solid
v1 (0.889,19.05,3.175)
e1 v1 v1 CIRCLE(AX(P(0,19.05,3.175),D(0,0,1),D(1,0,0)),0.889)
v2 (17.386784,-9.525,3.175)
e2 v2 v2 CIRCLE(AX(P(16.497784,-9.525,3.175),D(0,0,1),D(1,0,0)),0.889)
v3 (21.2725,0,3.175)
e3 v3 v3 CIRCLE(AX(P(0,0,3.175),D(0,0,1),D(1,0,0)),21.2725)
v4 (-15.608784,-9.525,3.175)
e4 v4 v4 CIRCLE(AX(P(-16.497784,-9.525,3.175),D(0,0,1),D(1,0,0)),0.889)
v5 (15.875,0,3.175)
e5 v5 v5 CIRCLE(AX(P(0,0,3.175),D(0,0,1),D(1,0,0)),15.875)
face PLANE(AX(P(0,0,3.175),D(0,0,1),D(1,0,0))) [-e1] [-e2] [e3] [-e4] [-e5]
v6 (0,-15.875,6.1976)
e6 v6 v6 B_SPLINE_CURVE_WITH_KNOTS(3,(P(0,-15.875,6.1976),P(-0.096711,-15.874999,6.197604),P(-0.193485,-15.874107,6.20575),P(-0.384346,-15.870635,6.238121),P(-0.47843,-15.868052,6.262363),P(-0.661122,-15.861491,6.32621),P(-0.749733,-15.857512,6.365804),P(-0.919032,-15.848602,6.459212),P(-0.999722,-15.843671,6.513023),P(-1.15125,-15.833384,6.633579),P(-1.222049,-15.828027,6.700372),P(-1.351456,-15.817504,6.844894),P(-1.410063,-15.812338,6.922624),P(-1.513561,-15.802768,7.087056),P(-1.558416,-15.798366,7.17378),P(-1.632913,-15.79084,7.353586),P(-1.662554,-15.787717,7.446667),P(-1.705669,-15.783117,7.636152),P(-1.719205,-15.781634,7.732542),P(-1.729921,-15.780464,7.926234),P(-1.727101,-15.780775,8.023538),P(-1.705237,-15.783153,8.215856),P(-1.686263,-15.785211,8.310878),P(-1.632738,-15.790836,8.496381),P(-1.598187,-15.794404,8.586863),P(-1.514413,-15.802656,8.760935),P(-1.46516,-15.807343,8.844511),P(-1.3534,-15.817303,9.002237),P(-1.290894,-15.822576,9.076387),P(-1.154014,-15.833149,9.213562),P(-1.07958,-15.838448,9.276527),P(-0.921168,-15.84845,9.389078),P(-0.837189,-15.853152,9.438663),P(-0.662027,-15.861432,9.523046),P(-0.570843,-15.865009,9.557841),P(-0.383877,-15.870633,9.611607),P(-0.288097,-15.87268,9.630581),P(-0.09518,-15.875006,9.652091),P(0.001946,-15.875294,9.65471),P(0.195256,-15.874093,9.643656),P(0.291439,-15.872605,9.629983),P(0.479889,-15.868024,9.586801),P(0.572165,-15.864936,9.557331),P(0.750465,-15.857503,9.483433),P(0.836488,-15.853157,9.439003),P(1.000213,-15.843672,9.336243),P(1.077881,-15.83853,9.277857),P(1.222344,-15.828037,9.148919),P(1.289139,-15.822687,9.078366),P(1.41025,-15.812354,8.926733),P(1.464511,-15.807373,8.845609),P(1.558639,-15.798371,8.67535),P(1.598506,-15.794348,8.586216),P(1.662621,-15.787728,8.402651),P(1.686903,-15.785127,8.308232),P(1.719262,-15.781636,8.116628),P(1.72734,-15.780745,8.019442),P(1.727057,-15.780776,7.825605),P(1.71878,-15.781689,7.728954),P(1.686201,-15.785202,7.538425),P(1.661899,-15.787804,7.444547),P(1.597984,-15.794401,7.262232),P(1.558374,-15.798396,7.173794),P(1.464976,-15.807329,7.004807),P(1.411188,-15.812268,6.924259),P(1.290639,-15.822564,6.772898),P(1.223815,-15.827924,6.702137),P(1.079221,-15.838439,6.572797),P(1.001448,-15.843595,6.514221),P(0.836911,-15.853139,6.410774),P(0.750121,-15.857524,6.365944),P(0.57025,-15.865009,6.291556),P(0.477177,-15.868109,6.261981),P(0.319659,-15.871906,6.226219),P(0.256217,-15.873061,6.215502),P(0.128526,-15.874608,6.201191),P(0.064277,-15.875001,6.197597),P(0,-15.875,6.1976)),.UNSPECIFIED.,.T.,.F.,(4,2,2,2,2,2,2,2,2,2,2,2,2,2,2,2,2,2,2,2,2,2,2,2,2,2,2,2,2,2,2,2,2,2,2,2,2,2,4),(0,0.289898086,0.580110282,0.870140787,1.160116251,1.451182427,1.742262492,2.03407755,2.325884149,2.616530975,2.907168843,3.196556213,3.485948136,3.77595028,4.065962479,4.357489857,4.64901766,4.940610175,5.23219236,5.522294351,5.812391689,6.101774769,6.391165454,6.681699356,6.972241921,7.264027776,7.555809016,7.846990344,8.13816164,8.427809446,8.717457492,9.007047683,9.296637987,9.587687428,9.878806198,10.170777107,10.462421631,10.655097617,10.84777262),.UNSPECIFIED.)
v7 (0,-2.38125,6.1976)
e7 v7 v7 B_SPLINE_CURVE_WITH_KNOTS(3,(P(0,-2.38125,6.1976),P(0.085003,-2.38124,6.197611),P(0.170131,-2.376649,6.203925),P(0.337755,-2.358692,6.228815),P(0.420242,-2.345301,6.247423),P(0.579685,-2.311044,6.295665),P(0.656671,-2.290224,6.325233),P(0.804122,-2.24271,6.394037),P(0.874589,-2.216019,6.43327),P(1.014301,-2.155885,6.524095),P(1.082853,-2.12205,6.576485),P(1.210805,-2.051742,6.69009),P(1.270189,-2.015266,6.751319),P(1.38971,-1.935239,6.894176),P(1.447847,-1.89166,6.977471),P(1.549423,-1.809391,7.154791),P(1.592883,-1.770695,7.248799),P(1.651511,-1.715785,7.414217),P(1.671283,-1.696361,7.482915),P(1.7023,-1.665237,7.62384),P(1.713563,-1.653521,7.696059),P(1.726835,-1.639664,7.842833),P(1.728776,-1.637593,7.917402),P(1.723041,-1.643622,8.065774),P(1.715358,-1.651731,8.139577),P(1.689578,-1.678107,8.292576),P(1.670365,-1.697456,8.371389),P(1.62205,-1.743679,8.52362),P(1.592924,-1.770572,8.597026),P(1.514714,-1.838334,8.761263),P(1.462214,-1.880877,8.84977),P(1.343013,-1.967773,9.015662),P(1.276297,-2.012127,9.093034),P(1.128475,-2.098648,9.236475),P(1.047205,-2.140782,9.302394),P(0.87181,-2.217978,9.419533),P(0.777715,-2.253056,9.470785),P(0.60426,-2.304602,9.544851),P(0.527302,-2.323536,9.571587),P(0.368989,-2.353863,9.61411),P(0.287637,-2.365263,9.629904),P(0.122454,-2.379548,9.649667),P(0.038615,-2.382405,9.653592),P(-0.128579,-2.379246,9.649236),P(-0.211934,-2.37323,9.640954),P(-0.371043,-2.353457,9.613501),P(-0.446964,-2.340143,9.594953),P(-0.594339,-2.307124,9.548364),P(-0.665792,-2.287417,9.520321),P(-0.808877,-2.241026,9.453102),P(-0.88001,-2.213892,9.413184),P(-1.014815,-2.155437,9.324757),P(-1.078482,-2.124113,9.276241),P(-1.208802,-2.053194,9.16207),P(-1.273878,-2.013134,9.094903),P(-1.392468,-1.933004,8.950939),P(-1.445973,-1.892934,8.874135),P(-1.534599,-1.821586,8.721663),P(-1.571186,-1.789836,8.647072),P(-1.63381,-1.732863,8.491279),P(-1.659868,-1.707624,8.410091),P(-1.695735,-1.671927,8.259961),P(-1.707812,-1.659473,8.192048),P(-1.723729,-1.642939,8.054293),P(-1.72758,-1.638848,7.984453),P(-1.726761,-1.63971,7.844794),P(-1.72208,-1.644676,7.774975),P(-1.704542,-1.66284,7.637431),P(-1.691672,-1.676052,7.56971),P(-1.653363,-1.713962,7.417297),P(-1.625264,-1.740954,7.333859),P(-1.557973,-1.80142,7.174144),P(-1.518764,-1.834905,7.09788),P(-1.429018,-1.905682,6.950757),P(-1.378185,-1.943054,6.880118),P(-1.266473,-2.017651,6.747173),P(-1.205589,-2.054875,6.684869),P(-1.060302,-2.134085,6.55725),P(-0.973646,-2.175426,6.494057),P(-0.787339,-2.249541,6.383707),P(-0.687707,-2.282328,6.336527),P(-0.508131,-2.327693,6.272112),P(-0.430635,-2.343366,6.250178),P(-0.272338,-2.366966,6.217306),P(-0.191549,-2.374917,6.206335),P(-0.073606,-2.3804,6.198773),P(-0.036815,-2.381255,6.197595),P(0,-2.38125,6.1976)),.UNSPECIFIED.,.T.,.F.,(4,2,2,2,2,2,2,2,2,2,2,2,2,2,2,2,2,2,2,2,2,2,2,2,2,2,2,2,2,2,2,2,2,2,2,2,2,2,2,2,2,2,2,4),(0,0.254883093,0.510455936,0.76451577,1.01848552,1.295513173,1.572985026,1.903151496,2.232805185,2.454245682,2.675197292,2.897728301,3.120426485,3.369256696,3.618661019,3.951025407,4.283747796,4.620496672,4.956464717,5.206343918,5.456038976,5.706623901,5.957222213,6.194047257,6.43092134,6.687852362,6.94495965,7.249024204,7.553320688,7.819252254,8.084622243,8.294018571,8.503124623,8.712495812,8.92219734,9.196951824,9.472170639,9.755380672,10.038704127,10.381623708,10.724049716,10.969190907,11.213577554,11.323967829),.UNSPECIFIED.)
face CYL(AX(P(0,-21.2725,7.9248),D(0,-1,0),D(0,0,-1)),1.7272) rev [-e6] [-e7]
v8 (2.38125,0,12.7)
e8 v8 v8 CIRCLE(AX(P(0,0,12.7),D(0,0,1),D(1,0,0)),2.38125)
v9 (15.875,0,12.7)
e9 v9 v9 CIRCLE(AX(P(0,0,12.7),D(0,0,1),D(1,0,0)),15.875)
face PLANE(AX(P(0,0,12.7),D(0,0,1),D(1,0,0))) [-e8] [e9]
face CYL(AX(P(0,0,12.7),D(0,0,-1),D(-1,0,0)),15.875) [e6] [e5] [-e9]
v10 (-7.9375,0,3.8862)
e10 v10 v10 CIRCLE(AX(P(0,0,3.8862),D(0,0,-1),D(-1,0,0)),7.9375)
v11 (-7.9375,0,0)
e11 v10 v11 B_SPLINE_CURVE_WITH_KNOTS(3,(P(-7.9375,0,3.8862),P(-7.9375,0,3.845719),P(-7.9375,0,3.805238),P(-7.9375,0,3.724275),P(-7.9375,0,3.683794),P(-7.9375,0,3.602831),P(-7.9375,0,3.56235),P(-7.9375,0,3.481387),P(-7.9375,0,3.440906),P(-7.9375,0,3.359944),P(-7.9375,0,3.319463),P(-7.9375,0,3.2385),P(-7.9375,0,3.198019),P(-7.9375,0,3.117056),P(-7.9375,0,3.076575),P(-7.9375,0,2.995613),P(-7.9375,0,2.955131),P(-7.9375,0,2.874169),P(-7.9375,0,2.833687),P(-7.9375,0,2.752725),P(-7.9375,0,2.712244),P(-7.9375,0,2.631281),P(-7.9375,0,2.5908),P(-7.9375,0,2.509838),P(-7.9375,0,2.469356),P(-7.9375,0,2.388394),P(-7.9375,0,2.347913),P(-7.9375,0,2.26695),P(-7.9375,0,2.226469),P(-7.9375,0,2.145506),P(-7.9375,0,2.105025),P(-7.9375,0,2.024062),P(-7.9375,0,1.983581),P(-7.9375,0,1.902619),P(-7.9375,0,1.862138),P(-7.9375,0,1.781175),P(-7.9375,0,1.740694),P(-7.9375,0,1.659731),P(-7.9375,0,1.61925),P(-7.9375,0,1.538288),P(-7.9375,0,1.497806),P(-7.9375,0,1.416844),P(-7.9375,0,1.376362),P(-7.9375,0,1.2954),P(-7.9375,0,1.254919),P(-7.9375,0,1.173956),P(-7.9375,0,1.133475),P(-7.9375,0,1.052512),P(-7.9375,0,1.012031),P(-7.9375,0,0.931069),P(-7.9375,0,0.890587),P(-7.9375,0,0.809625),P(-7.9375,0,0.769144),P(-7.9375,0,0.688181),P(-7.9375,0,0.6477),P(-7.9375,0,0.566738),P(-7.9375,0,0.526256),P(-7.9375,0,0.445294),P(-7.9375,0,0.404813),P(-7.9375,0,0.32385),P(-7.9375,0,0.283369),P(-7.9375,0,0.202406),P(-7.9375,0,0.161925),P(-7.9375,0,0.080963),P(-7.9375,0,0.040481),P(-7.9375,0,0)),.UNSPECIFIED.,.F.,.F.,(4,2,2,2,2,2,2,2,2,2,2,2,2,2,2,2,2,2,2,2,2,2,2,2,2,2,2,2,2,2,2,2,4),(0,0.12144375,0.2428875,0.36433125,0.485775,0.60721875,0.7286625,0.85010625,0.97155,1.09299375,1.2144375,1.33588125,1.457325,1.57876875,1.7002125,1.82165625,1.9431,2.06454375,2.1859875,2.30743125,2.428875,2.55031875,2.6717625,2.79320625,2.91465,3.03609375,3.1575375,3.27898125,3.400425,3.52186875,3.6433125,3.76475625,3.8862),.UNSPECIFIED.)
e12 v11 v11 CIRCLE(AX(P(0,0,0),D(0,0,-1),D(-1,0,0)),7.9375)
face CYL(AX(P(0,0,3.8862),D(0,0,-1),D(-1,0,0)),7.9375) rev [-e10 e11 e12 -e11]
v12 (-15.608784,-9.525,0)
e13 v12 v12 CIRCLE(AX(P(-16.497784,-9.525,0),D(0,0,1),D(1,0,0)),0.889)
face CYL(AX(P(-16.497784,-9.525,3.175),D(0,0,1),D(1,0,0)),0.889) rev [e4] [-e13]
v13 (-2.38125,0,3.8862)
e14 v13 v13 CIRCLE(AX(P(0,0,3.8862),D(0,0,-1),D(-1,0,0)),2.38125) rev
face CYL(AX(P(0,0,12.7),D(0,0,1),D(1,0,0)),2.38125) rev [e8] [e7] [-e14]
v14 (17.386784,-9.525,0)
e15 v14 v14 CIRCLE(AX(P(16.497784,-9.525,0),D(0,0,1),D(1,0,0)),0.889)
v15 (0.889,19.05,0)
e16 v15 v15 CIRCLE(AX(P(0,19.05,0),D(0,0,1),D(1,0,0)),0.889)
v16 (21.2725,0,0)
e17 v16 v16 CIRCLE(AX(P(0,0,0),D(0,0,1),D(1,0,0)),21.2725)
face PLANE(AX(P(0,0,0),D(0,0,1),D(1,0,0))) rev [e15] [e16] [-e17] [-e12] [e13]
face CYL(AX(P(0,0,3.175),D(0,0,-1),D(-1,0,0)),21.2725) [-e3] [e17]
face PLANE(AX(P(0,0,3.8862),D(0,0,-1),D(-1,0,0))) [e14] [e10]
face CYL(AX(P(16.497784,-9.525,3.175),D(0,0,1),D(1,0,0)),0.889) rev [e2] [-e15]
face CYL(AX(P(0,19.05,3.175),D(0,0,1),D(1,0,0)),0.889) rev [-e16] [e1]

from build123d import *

# Parameters (mm, degrees)
SKETCH1_R                      = 21.2725
BOSS_EXTRUDE1_DEPTH            = 3.175
SKETCH2_R                      = 15.875
BOSS_EXTRUDE2_DEPTH            = 9.525
F_3_16_0_1875_DIAMETER_HOLE1_D = 4.7625
F_2_56_TAPPED_HOLE3_D          = 1.778
CIRPATTERN1_COUNT              = 3
F_8_32_TAPPED_HOLE1_D          = 3.4544
F_8_32_TAPPED_HOLE1_DEPTH      = 21.2715
F_8_32_TAPPED_HOLE1_TIP        = 1.037806461
SKETCH14_R                     = 7.9375
CUT_EXTRUDE1_DEPTH             = 3.8862


with BuildPart() as part:
    # Sketch1 → Boss-Extrude1 (new body)
    with BuildSketch(Plane.XY):
        Circle(SKETCH1_R)
    extrude(amount=BOSS_EXTRUDE1_DEPTH)

    # Sketch2 → Boss-Extrude2 (add)
    with BuildSketch(Plane.XY.offset(3.175)):
        with Locations(Location((0, 0, 0), (0, 0, 180))):
            Circle(SKETCH2_R)
    extrude(amount=BOSS_EXTRUDE2_DEPTH)

    # 3/16 (0.1875) Diameter Hole1 (through all)
    with Locations(Plane.XY.offset(12.7)):
        with Locations((0, 0)):
            Hole(F_3_16_0_1875_DIAMETER_HOLE1_D / 2)

    # #2-56 Tapped Hole3 (through all)
    with Locations(Plane.XY.offset(3.175)):
        with Locations((0, 19.05)):
            f_2_56_tapped_hole3 = Hole(F_2_56_TAPPED_HOLE3_D / 2)

    # CirPattern1: #2-56 Tapped Hole3 ×3 about axis
    cirpattern1_axis = Axis((0, 0, 0), (0, 0, 1))
    for i in range(1, CIRPATTERN1_COUNT):
        add(f_2_56_tapped_hole3.rotate(cirpattern1_axis, i * 360 / CIRPATTERN1_COUNT), mode=Mode.SUBTRACT)

    # #8-32 Tapped Hole1
    with Locations(Plane.XZ.offset(21.2725)):
        with Locations((0, 7.9248)):
            Hole(F_8_32_TAPPED_HOLE1_D / 2, depth=F_8_32_TAPPED_HOLE1_DEPTH)
            with Locations((0, 0, -(F_8_32_TAPPED_HOLE1_DEPTH + F_8_32_TAPPED_HOLE1_TIP / 2))):  # 118° drill point
                Cone(0, F_8_32_TAPPED_HOLE1_D / 2, F_8_32_TAPPED_HOLE1_TIP, mode=Mode.SUBTRACT)

    # Sketch14 → Cut-Extrude1 (cut)
    with BuildSketch(Plane(origin=(0, 0, 0), x_dir=(-1, 0, 0), z_dir=(0, 0, -1))):
        Circle(SKETCH14_R)
    extrude(amount=-CUT_EXTRUDE1_DEPTH, mode=Mode.SUBTRACT)


solid = part.part
